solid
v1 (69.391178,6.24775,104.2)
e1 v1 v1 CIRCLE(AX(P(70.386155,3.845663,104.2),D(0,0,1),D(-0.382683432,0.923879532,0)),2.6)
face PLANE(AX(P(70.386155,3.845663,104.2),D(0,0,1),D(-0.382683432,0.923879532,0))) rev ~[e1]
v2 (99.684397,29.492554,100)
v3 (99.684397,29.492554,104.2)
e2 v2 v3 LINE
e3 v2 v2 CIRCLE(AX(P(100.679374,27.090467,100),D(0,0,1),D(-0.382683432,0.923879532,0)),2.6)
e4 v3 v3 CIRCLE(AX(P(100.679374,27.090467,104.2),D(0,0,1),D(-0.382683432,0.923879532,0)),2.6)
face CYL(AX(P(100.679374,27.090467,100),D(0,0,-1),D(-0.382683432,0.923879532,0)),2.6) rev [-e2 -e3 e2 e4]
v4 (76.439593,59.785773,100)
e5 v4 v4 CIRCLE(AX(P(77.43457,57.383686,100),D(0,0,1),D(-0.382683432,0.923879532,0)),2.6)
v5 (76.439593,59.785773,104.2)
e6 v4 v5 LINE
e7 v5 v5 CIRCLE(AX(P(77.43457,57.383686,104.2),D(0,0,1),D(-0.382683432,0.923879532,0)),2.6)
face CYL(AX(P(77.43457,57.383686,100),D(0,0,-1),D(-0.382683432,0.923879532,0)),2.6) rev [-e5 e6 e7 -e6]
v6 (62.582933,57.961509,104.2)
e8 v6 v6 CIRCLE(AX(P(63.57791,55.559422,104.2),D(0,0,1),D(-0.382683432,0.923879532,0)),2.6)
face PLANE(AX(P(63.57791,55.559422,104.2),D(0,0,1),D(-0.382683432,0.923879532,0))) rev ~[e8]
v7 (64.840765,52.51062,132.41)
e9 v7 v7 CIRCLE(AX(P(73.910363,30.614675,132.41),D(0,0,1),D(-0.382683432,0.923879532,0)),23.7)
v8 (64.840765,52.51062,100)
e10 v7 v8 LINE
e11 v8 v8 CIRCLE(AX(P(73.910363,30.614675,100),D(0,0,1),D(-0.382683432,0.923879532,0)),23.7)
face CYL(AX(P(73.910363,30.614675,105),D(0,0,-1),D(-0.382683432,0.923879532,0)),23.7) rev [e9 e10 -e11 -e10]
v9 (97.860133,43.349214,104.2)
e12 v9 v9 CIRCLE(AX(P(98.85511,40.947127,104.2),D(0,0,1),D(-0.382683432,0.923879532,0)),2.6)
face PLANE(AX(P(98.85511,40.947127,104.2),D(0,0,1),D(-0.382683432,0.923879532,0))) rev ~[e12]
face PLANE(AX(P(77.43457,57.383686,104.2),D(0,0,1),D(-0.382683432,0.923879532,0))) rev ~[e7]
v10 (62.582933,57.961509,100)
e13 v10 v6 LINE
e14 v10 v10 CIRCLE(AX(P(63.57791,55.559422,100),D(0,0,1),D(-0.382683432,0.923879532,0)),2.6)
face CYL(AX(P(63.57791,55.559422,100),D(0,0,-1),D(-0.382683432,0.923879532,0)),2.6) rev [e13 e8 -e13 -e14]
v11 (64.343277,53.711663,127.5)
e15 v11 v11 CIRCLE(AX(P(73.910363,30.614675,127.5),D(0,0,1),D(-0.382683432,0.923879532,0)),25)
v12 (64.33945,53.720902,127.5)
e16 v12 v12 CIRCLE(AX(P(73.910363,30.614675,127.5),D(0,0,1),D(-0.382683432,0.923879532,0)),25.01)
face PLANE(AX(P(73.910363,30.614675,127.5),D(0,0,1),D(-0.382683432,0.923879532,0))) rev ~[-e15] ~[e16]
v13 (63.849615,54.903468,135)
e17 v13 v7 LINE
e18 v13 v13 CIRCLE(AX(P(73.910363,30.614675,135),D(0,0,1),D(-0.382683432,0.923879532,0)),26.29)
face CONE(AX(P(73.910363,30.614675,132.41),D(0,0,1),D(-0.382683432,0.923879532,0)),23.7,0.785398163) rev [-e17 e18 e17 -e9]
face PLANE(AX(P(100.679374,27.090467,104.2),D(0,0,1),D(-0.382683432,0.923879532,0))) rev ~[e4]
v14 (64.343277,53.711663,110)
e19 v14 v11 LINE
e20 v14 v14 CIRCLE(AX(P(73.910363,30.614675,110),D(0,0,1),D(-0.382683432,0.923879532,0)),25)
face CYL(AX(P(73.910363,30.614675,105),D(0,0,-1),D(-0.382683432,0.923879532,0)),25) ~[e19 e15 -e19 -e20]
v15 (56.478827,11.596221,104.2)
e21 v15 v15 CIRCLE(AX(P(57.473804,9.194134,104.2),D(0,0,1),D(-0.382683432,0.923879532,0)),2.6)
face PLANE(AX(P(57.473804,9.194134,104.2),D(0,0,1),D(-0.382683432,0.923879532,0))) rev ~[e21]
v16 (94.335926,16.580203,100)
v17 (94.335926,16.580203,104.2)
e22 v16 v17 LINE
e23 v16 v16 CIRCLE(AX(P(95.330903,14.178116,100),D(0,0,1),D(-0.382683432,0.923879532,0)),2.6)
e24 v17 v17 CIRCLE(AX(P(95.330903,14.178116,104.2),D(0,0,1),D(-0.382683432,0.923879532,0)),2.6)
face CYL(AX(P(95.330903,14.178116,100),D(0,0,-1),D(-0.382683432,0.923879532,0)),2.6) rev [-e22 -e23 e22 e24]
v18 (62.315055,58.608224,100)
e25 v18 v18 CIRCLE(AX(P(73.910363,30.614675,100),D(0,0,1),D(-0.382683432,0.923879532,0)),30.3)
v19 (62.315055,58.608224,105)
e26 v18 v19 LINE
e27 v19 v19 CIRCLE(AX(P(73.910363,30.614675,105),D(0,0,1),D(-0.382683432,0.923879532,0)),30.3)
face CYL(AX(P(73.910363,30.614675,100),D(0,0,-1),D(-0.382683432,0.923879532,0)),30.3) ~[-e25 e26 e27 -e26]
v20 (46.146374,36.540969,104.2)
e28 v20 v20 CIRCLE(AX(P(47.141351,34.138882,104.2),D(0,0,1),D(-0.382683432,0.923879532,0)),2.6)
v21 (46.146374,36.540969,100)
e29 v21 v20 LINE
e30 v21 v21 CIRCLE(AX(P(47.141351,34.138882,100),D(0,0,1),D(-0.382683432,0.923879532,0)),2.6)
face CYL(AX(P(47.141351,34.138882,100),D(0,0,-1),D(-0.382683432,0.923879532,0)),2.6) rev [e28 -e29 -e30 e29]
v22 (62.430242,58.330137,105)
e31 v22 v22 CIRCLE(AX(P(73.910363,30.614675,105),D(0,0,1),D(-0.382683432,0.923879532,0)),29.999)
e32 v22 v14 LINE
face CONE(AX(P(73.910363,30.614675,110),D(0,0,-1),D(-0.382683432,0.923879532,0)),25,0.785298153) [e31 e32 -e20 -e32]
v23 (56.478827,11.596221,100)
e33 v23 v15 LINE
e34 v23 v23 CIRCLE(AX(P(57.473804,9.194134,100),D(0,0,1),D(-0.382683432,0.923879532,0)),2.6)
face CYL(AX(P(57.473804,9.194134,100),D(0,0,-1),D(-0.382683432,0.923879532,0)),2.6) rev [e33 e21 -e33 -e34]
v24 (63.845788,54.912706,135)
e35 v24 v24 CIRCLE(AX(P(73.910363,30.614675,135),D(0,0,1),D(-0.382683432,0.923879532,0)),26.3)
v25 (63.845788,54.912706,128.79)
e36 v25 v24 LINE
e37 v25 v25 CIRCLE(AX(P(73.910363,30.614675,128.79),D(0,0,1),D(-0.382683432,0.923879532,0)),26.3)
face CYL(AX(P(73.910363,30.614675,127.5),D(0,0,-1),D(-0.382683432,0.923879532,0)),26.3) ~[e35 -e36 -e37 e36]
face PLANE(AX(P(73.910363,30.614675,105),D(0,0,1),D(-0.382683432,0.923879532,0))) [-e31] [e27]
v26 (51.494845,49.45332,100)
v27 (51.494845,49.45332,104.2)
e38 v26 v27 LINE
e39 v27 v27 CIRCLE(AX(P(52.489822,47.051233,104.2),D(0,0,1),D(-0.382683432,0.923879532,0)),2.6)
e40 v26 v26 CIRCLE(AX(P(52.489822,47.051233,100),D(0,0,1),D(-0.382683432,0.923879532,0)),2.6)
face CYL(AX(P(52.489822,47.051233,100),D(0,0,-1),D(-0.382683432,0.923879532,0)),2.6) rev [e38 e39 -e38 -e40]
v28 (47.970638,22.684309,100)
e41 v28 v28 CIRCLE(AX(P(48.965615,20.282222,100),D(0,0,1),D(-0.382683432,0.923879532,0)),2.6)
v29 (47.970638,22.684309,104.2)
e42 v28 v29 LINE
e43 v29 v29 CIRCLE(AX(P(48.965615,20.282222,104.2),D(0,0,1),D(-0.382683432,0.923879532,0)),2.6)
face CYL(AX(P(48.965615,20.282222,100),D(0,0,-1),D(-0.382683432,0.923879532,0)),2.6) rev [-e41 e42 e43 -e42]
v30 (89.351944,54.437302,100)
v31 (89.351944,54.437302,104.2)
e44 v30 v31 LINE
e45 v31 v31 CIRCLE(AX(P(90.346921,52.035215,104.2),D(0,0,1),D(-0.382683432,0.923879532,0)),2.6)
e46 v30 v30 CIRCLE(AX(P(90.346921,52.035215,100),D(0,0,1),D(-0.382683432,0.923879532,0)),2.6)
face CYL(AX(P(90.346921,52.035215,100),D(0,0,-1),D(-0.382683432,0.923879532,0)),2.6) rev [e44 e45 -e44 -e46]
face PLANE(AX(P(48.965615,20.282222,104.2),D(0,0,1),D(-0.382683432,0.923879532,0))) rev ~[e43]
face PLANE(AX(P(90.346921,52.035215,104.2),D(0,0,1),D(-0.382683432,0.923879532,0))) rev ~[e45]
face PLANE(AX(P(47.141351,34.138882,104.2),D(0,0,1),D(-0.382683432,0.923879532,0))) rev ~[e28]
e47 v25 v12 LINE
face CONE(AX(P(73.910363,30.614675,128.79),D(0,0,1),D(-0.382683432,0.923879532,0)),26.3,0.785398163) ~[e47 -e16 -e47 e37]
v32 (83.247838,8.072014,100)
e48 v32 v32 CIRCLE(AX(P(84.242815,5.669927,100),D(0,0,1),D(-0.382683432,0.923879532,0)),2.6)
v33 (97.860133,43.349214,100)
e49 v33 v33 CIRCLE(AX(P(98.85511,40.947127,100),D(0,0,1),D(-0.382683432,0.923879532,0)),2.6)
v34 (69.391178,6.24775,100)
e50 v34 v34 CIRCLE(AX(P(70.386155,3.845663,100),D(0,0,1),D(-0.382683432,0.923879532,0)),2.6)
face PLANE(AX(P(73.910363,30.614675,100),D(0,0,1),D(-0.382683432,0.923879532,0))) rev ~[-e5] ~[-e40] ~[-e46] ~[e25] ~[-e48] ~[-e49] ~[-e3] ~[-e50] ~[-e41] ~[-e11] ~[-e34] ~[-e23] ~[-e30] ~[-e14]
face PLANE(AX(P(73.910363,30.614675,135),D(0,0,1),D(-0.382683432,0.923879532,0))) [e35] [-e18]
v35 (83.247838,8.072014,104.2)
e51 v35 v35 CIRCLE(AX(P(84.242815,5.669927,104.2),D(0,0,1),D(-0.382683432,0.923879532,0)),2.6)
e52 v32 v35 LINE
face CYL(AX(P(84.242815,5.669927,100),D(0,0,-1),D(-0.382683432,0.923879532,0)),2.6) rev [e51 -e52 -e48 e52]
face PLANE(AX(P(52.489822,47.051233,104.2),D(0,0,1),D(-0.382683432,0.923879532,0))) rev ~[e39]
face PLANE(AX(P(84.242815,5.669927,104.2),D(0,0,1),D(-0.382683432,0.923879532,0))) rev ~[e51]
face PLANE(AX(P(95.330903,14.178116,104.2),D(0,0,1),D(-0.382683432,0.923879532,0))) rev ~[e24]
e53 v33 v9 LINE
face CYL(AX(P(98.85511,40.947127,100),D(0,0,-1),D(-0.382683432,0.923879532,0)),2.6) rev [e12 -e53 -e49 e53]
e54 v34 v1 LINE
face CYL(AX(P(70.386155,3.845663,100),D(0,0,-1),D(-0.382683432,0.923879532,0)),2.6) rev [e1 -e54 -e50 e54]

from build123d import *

# Parameters (mm, degrees)
SKETCH039_R     = 30.3
SKETCH039_R_2   = 23.7
PAD008_DEPTH    = 5
SKETCH040_R     = 2.6
POCKET011_DEPTH = 4.2
SKETCH041_R     = 25
SKETCH041_R_2   = 23.7
PAD009_DEPTH    = 30
CHAMFER_SIZE2   = 5
CHAMFER_SIZE    = 4.999
SKETCH043_R     = 26.3
SKETCH043_R_2   = 25
PAD010_DEPTH    = 7.5
CHAMFER001_SIZE = 1.29
CHAMFER002_SIZE = 2.59


with BuildPart() as part:
    # Sketch039 → Pad008 (new body)
    with BuildSketch(Plane(origin=(0, 0, 0), x_dir=(-0.3826834324, 0.9238795325, 0), z_dir=(0, 0, 1))):
        with Locations((0, -80)):
            Circle(SKETCH039_R)
        with Locations((0, -80)):
            Circle(SKETCH039_R_2, mode=Mode.SUBTRACT)
    extrude(amount=PAD008_DEPTH)

    # Sketch040 → Pocket011 (cut)
    with BuildSketch(Plane(origin=(0, 0, 0), x_dir=(-0.3826834324, 0.9238795325, 0), z_dir=(0, 0, 1))):
        with Locations((0, -53)):
            Circle(SKETCH040_R)
        with Locations((-23.3826859022, -66.5)):
            Circle(SKETCH040_R)
        with Locations((-23.3826859022, -93.5)):
            Circle(SKETCH040_R)
        with Locations((0, -107)):
            Circle(SKETCH040_R)
        with Locations((23.3826859022, -93.5)):
            Circle(SKETCH040_R)
        with Locations((23.3826859022, -66.5)):
            Circle(SKETCH040_R)
        with Locations((-13.5, -56.6173140978)):
            Circle(SKETCH040_R)
        with Locations((-27, -80)):
            Circle(SKETCH040_R)
        with Locations((-13.5, -103.3826859022)):
            Circle(SKETCH040_R)
        with Locations((13.5, -103.3826859022)):
            Circle(SKETCH040_R)
        with Locations((27, -80)):
            Circle(SKETCH040_R)
        with Locations((13.5, -56.6173140978)):
            Circle(SKETCH040_R)
    extrude(amount=POCKET011_DEPTH, mode=Mode.SUBTRACT)

    # Sketch041 → Pad009 (join)
    with BuildSketch(Plane(origin=(0, 0, 5), x_dir=(-0.3826834324, 0.9238795325, 0), z_dir=(0, 0, 1))):
        with Locations((0, -80)):
            Circle(SKETCH041_R)
        with Locations((0, -80)):
            Circle(SKETCH041_R_2, mode=Mode.SUBTRACT)
    extrude(amount=PAD009_DEPTH)

    # Chamfer
    chamfer_edges = [part.edges().sort_by_distance(p)[0] for p in [
        (83.477448, 7.517686, 5),
    ]]
    chamfer_side = part.faces().sort_by_distance((85.177706, 3.412902, 5))[0]
    chamfer(chamfer_edges, length=CHAMFER_SIZE, length2=CHAMFER_SIZE2, reference=chamfer_side)

    # Sketch043 → Pad010 (join)
    with BuildSketch(Plane(origin=(0, 0, 27.5), x_dir=(-0.3826834324, 0.9238795325, 0), z_dir=(0, 0, 1))):
        with Locations((0, -80)):
            Circle(SKETCH043_R)
        with Locations((0, -80)):
            Circle(SKETCH043_R_2, mode=Mode.SUBTRACT)
    extrude(amount=PAD010_DEPTH)

    # Chamfer001
    chamfer001_edges = [part.edges().sort_by_distance(p)[0] for p in [
        (83.974937, 6.316643, 27.5),
    ]]
    chamfer(chamfer001_edges, length=CHAMFER001_SIZE)

    # Chamfer002
    chamfer002_edges = [part.edges().sort_by_distance(p)[0] for p in [
        (82.97996, 8.71873, 35),
    ]]
    chamfer(chamfer002_edges, length=CHAMFER002_SIZE)


with BuildPart() as part_1:
    # Body006 placement: moved
    add(part.part.moved(Location((0, 0, 100))))


solid = part_1.part
